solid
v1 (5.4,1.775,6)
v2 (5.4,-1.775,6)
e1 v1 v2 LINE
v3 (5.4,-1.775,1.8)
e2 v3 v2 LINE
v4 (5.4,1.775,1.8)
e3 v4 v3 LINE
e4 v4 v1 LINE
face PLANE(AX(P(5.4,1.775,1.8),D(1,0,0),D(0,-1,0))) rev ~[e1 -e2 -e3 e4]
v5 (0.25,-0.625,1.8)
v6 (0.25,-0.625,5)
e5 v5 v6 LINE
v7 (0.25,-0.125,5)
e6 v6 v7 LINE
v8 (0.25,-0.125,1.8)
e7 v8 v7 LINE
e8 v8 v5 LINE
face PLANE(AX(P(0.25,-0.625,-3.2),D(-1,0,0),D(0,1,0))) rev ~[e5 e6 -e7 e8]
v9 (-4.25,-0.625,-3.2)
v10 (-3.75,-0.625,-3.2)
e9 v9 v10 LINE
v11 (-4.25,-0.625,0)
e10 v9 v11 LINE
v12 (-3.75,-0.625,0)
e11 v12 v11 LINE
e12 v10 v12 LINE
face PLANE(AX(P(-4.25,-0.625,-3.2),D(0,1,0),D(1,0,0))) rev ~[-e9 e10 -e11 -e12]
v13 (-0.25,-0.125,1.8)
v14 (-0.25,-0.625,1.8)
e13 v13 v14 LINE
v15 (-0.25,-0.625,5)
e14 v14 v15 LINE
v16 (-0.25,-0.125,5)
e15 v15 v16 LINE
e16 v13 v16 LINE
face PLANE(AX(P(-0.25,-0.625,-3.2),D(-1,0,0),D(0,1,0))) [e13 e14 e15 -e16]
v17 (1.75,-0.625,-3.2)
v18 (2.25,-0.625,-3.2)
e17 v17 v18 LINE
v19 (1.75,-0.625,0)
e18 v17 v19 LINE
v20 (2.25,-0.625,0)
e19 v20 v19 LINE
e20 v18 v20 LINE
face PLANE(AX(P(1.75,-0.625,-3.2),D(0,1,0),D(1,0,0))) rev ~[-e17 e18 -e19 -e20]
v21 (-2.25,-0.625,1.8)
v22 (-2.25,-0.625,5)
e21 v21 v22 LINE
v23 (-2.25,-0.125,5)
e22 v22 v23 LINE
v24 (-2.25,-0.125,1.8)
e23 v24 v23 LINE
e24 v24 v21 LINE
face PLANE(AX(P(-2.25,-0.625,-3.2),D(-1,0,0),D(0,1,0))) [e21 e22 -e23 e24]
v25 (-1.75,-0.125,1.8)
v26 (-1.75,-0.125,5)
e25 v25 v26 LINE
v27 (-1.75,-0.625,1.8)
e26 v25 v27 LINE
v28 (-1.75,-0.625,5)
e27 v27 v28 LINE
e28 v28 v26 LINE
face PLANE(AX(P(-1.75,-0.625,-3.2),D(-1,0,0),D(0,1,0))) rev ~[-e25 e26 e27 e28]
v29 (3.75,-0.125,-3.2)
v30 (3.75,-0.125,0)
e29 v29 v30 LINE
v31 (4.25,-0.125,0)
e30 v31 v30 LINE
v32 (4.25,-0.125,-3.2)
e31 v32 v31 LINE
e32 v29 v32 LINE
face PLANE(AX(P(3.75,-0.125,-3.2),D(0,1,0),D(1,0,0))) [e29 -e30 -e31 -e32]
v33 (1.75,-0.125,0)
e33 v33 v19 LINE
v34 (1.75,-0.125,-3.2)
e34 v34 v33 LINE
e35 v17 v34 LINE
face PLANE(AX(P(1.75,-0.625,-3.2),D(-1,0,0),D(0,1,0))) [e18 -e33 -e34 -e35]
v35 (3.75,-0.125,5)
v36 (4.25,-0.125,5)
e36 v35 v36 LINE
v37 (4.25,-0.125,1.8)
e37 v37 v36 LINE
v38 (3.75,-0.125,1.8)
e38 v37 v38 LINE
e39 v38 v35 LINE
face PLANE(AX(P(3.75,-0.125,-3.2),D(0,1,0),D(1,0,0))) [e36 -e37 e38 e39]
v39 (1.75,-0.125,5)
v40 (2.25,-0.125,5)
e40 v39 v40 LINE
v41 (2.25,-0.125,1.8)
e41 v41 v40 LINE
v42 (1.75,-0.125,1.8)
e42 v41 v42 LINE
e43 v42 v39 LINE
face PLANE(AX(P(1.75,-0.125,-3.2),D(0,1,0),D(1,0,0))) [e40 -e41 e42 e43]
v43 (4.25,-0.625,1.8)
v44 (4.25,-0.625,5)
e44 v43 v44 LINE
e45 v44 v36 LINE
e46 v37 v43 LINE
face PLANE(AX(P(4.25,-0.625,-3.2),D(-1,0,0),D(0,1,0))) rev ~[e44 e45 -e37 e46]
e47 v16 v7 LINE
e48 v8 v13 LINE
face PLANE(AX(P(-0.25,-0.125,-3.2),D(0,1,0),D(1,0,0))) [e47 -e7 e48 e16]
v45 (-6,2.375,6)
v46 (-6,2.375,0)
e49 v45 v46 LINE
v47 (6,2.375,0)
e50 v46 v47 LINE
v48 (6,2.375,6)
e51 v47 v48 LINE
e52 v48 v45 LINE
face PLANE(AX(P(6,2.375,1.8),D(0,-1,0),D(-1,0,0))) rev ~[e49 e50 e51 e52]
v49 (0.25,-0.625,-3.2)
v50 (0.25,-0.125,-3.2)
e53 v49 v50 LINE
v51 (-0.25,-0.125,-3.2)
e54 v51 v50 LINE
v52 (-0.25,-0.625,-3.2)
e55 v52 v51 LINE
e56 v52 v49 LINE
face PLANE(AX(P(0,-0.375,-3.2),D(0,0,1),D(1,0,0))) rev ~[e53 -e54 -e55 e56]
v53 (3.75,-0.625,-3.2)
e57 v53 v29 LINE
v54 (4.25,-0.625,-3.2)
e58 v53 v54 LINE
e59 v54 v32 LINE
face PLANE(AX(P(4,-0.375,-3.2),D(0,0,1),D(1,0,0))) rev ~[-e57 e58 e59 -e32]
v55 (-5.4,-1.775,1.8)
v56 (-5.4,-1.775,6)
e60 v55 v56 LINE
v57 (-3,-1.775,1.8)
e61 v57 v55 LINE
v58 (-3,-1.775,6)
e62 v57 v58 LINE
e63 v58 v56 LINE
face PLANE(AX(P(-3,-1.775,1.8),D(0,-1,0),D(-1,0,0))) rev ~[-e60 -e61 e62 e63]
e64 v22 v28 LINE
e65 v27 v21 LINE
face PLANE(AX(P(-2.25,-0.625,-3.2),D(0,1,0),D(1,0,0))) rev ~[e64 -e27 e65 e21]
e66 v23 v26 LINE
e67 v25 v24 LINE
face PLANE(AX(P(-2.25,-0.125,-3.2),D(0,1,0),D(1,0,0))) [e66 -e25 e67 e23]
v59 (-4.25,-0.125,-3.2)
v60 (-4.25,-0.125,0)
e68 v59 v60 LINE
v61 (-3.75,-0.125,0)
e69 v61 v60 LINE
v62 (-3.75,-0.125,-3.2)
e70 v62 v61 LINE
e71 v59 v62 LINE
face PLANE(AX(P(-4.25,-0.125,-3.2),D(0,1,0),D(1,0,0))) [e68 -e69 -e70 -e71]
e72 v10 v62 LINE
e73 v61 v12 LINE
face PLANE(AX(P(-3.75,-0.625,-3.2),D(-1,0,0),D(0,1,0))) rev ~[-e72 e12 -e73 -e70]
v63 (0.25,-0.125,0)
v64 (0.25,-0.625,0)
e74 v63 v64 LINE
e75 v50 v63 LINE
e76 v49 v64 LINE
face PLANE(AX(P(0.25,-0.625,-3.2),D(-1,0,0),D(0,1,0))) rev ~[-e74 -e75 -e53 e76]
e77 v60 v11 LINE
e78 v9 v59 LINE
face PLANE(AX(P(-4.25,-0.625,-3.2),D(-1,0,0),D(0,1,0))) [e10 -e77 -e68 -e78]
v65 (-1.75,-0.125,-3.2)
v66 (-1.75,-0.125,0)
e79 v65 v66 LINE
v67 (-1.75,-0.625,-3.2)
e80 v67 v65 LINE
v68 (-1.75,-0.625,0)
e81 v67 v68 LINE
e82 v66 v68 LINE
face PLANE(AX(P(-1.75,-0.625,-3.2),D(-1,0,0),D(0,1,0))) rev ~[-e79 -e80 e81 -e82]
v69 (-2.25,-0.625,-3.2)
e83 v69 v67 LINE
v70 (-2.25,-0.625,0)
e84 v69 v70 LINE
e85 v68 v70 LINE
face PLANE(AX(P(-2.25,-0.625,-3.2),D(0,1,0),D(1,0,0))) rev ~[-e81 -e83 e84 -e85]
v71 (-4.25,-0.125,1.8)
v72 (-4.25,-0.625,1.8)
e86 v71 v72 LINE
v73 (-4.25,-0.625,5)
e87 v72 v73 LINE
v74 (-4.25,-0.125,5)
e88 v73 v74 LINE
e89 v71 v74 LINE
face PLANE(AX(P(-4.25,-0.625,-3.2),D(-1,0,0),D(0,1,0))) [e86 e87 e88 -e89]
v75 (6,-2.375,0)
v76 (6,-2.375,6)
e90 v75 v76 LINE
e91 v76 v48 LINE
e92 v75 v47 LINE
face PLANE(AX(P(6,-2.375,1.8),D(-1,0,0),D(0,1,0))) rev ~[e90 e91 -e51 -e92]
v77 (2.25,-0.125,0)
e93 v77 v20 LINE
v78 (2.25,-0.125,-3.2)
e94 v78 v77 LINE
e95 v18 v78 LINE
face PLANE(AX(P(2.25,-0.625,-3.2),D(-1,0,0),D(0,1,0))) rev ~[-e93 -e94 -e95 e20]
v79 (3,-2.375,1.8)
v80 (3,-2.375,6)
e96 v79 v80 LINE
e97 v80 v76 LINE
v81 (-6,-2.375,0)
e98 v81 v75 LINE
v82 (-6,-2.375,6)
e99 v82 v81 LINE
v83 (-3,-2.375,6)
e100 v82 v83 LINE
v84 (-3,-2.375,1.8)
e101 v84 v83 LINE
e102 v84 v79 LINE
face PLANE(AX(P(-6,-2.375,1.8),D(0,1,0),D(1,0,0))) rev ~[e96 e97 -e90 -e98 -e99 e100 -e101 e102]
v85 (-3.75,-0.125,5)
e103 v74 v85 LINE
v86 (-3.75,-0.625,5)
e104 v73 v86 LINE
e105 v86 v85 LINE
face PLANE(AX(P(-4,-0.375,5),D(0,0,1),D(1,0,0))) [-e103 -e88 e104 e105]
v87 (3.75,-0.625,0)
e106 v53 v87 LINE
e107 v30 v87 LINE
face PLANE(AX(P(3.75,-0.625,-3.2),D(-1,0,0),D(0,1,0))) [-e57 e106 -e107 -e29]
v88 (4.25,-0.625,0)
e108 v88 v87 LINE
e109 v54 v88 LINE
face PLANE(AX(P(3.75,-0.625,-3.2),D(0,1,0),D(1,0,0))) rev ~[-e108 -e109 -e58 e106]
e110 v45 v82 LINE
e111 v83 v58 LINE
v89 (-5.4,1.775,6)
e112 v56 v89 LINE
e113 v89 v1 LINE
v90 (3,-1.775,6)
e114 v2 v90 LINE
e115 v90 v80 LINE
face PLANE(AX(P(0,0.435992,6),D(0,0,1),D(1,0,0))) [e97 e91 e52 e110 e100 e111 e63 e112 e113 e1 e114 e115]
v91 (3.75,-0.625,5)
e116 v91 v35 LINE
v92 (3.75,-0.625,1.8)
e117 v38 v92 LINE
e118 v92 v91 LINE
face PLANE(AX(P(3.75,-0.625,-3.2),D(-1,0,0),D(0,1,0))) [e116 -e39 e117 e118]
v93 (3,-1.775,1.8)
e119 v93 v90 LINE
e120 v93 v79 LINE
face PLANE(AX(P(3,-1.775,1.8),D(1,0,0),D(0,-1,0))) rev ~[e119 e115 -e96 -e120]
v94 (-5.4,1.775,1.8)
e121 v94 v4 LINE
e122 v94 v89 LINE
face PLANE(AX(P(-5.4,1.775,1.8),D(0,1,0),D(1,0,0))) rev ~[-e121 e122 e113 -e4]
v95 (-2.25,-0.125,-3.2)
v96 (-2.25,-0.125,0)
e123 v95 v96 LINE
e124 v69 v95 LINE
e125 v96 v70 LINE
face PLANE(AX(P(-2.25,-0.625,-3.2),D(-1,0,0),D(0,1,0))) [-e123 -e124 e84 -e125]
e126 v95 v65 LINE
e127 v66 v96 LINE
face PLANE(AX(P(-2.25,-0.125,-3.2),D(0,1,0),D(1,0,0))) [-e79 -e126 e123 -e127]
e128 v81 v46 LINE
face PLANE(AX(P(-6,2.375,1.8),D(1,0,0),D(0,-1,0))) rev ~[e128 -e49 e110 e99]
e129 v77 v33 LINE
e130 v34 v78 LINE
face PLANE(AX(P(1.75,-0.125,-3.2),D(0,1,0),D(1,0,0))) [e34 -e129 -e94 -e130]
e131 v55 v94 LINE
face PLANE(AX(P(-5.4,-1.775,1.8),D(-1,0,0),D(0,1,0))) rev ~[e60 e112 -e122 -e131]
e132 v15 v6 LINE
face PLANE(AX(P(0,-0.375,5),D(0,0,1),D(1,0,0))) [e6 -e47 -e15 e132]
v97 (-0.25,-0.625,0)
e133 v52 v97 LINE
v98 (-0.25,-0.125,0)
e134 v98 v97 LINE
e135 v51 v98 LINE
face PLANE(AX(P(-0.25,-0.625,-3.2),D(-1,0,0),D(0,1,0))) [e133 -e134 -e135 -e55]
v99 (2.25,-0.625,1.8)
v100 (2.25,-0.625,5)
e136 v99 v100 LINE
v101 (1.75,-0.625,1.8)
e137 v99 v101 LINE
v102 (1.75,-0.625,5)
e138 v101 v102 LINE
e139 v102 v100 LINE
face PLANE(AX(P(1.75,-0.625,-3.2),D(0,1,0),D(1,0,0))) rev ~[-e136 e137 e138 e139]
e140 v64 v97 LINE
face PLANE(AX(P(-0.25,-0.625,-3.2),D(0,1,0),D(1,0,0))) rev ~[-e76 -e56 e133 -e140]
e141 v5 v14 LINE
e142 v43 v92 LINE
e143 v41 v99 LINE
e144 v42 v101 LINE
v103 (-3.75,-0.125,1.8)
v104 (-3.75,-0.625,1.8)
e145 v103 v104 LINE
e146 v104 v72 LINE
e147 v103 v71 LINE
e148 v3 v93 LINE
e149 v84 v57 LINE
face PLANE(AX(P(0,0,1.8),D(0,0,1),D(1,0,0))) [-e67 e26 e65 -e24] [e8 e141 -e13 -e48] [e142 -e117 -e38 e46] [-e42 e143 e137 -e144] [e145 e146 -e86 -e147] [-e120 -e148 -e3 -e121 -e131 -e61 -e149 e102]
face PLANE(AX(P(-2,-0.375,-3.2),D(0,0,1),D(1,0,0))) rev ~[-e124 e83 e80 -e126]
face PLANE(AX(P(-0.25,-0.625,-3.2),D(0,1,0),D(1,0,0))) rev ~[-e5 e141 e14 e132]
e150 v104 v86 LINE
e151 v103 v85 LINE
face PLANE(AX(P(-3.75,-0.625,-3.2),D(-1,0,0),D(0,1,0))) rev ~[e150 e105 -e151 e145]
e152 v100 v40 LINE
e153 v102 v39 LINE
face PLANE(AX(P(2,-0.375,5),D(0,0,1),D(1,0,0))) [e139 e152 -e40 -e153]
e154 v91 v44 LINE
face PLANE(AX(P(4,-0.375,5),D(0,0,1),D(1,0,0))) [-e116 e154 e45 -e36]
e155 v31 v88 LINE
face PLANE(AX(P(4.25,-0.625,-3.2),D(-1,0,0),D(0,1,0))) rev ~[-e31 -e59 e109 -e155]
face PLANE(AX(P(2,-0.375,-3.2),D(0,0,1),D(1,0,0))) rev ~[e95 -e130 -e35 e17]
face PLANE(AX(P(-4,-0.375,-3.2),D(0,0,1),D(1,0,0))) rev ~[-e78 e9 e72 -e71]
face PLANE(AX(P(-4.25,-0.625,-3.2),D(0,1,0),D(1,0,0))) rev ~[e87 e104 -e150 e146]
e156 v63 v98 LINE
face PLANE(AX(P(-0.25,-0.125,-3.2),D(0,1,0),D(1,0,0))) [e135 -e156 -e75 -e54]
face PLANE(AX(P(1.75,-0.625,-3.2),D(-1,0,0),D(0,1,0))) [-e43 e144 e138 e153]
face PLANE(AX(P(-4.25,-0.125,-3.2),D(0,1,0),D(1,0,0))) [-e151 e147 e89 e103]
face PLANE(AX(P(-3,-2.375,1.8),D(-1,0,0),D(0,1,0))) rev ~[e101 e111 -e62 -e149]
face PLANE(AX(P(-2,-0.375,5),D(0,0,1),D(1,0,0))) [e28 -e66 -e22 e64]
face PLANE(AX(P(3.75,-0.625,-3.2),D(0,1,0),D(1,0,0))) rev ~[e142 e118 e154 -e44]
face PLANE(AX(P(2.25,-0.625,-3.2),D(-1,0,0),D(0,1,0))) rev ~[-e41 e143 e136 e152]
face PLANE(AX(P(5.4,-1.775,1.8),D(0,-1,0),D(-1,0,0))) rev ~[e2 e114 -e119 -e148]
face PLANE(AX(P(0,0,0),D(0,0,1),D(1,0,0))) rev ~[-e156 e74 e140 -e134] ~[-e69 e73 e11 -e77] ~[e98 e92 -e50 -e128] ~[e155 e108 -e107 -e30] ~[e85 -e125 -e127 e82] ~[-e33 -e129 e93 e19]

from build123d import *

# Parameters (mm, degrees)
SKETCH1_W           = 12
SKETCH1_H           = 4.75
BOSS_EXTRUDE1_DEPTH = 1.8
BOSS_EXTRUDE2_DEPTH = 4.2
BOSS_EXTRUDE3_START = -5
SKETCH3_W           = 0.5
SKETCH3_H           = 0.5
BOSS_EXTRUDE3_DEPTH = 8.2
LPATTERN1_COUNT     = 5
LPATTERN1_PITCH     = 2


with BuildPart() as part:
    # Sketch1 → Boss-Extrude1 (new body)
    with BuildSketch(Plane.XY):
        Rectangle(SKETCH1_W, SKETCH1_H)
    extrude(amount=BOSS_EXTRUDE1_DEPTH)

    # Sketch2 → Boss-Extrude2 (add)
    with BuildSketch(Plane.XY.offset(1.8)):
        Polygon((-3, -2.375), (-3, -1.775), (-5.4, -1.775), (-5.4, 1.775), (5.4, 1.775), (5.4, -1.775), (3, -1.775), (3, -2.375), (6, -2.375), (6, 2.375), (-6, 2.375), (-6, -2.375), align=None)
    extrude(amount=BOSS_EXTRUDE2_DEPTH)

    # Sketch3 → Boss-Extrude3 (add)
    with BuildSketch(Plane.XY.offset(1.8).offset(BOSS_EXTRUDE3_START)):
        with Locations((-4, -0.375)):
            Rectangle(SKETCH3_W, SKETCH3_H)
    boss_extrude3 = extrude(amount=BOSS_EXTRUDE3_DEPTH)

    # LPattern1: Boss-Extrude3 ×5
    with Locations(*[(i * LPATTERN1_PITCH, 0, 0) for i in range(1, LPATTERN1_COUNT)]):
        add(boss_extrude3)


solid = part.part
